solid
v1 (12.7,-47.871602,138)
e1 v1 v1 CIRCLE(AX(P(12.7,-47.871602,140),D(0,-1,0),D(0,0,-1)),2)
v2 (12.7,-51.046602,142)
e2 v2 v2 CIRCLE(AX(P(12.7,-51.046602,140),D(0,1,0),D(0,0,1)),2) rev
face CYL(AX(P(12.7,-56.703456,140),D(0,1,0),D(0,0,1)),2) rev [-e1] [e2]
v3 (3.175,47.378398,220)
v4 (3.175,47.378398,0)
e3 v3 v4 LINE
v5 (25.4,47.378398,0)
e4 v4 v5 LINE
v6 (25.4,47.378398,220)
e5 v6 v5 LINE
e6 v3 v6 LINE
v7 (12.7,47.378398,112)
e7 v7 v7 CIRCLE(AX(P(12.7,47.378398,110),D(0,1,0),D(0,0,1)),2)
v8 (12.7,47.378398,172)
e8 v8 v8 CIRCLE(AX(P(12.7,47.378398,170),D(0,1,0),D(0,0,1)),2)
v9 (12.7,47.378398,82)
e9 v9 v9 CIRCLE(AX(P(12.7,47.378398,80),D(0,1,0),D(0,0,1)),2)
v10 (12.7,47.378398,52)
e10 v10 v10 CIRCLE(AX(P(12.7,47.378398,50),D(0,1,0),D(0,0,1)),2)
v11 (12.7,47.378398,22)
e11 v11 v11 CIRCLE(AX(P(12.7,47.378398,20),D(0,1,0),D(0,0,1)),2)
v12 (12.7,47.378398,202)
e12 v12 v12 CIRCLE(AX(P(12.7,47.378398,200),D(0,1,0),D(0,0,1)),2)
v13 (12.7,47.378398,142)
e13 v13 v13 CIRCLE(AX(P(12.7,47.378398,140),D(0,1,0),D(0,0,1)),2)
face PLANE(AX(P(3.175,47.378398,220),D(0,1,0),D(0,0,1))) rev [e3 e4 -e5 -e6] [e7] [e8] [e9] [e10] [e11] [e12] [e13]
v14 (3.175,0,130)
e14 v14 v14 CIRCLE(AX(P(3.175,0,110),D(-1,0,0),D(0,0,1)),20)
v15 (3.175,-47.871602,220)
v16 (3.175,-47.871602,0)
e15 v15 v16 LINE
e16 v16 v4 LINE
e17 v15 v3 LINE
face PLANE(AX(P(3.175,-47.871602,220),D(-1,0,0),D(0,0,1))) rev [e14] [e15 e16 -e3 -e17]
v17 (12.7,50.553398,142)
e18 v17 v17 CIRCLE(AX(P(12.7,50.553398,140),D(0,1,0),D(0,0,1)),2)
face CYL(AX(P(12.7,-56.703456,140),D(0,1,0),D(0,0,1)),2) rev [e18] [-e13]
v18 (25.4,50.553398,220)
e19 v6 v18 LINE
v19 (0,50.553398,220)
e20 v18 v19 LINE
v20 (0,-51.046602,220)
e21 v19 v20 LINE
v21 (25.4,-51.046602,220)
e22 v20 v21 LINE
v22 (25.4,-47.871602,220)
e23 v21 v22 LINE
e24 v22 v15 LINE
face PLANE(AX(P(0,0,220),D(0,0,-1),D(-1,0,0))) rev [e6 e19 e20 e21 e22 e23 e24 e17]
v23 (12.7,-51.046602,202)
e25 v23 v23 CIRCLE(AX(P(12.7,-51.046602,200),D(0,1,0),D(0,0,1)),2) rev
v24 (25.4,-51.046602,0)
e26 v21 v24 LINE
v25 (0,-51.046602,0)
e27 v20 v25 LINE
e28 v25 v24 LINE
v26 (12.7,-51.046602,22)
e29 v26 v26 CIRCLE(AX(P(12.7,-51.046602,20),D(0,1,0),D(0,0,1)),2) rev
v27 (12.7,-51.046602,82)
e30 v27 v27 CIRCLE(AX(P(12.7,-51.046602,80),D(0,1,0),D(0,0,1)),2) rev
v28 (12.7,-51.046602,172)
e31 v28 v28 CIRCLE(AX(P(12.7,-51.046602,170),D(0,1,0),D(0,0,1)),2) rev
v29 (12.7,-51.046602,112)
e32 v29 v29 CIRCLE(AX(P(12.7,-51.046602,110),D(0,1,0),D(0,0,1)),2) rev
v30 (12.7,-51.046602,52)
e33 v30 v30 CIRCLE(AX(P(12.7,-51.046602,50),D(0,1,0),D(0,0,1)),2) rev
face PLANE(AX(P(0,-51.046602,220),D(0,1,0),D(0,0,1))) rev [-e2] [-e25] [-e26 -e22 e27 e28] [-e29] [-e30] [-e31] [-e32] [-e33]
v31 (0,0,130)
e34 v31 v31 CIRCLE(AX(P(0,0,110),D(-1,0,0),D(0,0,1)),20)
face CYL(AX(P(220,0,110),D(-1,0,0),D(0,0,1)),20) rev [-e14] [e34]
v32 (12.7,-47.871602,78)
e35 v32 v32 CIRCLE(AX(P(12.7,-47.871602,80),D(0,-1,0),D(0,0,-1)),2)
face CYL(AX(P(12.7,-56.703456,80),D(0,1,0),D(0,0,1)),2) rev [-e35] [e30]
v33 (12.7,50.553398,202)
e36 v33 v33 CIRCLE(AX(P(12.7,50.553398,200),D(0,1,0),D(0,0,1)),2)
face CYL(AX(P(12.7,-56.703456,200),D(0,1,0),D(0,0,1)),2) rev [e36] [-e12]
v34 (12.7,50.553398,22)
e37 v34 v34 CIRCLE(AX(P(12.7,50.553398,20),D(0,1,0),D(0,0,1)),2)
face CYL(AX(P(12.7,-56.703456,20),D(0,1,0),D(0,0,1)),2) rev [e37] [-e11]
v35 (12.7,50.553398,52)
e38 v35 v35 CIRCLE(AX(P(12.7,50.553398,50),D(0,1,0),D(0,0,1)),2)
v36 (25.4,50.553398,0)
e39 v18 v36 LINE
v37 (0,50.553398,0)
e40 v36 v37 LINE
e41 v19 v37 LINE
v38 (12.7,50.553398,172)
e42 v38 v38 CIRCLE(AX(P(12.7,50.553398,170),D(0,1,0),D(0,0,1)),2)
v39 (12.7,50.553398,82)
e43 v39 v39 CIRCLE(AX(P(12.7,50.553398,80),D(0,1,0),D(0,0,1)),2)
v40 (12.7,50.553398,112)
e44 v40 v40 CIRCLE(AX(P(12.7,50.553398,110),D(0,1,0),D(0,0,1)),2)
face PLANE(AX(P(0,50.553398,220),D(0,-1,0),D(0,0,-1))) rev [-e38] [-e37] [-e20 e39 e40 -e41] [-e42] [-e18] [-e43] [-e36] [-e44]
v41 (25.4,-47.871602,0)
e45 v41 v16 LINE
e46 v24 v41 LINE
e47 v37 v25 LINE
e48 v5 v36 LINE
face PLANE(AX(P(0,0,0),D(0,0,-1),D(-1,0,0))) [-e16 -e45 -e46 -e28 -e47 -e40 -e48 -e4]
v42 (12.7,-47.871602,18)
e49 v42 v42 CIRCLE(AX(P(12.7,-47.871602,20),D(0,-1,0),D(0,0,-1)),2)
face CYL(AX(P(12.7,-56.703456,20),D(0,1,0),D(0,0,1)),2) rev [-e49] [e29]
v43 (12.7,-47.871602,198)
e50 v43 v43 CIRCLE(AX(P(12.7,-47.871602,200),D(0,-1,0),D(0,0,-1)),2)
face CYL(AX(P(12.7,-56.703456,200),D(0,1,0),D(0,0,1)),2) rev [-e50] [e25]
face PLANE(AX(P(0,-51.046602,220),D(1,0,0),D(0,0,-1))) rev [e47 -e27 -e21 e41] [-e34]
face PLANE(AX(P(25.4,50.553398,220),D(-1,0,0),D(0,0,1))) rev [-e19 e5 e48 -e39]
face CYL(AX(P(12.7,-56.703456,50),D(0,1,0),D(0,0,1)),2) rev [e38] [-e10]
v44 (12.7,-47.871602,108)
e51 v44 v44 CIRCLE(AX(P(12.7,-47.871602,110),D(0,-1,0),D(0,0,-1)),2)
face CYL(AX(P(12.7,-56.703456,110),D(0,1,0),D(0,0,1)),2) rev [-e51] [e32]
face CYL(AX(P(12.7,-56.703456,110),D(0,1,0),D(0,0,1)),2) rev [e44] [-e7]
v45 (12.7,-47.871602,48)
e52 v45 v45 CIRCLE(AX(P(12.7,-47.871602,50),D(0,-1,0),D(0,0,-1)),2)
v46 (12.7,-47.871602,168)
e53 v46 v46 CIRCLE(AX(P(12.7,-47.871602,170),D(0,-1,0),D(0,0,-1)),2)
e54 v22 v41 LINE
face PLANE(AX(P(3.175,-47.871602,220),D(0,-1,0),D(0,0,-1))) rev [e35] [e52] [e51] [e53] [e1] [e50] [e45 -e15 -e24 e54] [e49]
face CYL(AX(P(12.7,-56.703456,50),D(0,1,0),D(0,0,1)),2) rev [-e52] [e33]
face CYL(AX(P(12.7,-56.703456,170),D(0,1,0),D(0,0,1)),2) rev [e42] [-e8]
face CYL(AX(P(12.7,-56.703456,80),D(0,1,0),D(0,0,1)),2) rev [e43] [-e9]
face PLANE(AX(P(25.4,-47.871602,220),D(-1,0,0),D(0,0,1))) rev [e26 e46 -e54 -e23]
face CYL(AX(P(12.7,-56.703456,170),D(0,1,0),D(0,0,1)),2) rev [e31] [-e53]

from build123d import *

# Parameters (mm, degrees)
BOSS_EXTRUDE1_DEPTH = 220
CUT_EXTRUDE1_REACH  = 245.655
SKETCH2_R           = 2
SKETCH3_R           = 20
CUT_EXTRUDE2_DEPTH  = 220


with BuildPart() as part:
    # Sketch1 → Boss-Extrude1 (new body)
    with BuildSketch(Plane.XY):
        Polygon((0, -51.046601942), (0, 50.553398058), (25.4, 50.553398058), (25.4, 47.378398058), (3.175, 47.378398058), (3.175, -47.871601942), (25.4, -47.871601942), (25.4, -51.046601942), align=None)
    extrude(amount=BOSS_EXTRUDE1_DEPTH)

    # Cut-Extrude1: up to this face of the body (flat: up to its plane)
    cut_extrude1_end = Plane(part.part.faces().sort_by_distance((12.7, -51.046601942, 110))[0])
    # Sketch2 → Cut-Extrude1 (cut, up to the picked face)
    with BuildSketch(Plane(origin=(0, 50.553398058, 0), x_dir=(1, 0, 0), z_dir=(0, 1, 0)), mode=Mode.PRIVATE) as cut_extrude1_sk1:
        with Locations(Location((12.7, -110, 0), (0, 0, 270))):
            Circle(SKETCH2_R)
    cut_extrude1_tool1 = split(extrude(cut_extrude1_sk1.sketch, amount=-CUT_EXTRUDE1_REACH, mode=Mode.PRIVATE), bisect_by=cut_extrude1_end, keep=Keep.BOTH, mode=Mode.PRIVATE)
    # Sketch2 → Cut-Extrude1 (cut, up to the picked face)
    with BuildSketch(Plane(origin=(0, 50.553398058, 0), x_dir=(1, 0, 0), z_dir=(0, 1, 0)), mode=Mode.PRIVATE) as cut_extrude1_sk2:
        with Locations(Location((12.7, -80, 0), (0, 0, 270))):
            Circle(SKETCH2_R)
    cut_extrude1_tool2 = split(extrude(cut_extrude1_sk2.sketch, amount=-CUT_EXTRUDE1_REACH, mode=Mode.PRIVATE), bisect_by=cut_extrude1_end, keep=Keep.BOTH, mode=Mode.PRIVATE)
    # Sketch2 → Cut-Extrude1 (cut, up to the picked face)
    with BuildSketch(Plane(origin=(0, 50.553398058, 0), x_dir=(1, 0, 0), z_dir=(0, 1, 0)), mode=Mode.PRIVATE) as cut_extrude1_sk3:
        with Locations(Location((12.7, -50, 0), (0, 0, 270))):
            Circle(SKETCH2_R)
    cut_extrude1_tool3 = split(extrude(cut_extrude1_sk3.sketch, amount=-CUT_EXTRUDE1_REACH, mode=Mode.PRIVATE), bisect_by=cut_extrude1_end, keep=Keep.BOTH, mode=Mode.PRIVATE)
    # Sketch2 → Cut-Extrude1 (cut, up to the picked face)
    with BuildSketch(Plane(origin=(0, 50.553398058, 0), x_dir=(1, 0, 0), z_dir=(0, 1, 0)), mode=Mode.PRIVATE) as cut_extrude1_sk4:
        with Locations(Location((12.7, -20, 0), (0, 0, 270))):
            Circle(SKETCH2_R)
    cut_extrude1_tool4 = split(extrude(cut_extrude1_sk4.sketch, amount=-CUT_EXTRUDE1_REACH, mode=Mode.PRIVATE), bisect_by=cut_extrude1_end, keep=Keep.BOTH, mode=Mode.PRIVATE)
    # Sketch2 → Cut-Extrude1 (cut, up to the picked face)
    with BuildSketch(Plane(origin=(0, 50.553398058, 0), x_dir=(1, 0, 0), z_dir=(0, 1, 0)), mode=Mode.PRIVATE) as cut_extrude1_sk5:
        with Locations(Location((12.7, -140, 0), (0, 0, 270))):
            Circle(SKETCH2_R)
    cut_extrude1_tool5 = split(extrude(cut_extrude1_sk5.sketch, amount=-CUT_EXTRUDE1_REACH, mode=Mode.PRIVATE), bisect_by=cut_extrude1_end, keep=Keep.BOTH, mode=Mode.PRIVATE)
    # Sketch2 → Cut-Extrude1 (cut, up to the picked face)
    with BuildSketch(Plane(origin=(0, 50.553398058, 0), x_dir=(1, 0, 0), z_dir=(0, 1, 0)), mode=Mode.PRIVATE) as cut_extrude1_sk6:
        with Locations(Location((12.7, -170, 0), (0, 0, 270))):
            Circle(SKETCH2_R)
    cut_extrude1_tool6 = split(extrude(cut_extrude1_sk6.sketch, amount=-CUT_EXTRUDE1_REACH, mode=Mode.PRIVATE), bisect_by=cut_extrude1_end, keep=Keep.BOTH, mode=Mode.PRIVATE)
    # Sketch2 → Cut-Extrude1 (cut, up to the picked face)
    with BuildSketch(Plane(origin=(0, 50.553398058, 0), x_dir=(1, 0, 0), z_dir=(0, 1, 0)), mode=Mode.PRIVATE) as cut_extrude1_sk7:
        with Locations(Location((12.7, -200, 0), (0, 0, 270))):
            Circle(SKETCH2_R)
    cut_extrude1_tool7 = split(extrude(cut_extrude1_sk7.sketch, amount=-CUT_EXTRUDE1_REACH, mode=Mode.PRIVATE), bisect_by=cut_extrude1_end, keep=Keep.BOTH, mode=Mode.PRIVATE)
    add(cut_extrude1_tool1.solids().sort_by(Axis((12.7, 50.553398, 110), (0, -1, 0)))[0], mode=Mode.SUBTRACT)
    add(cut_extrude1_tool2.solids().sort_by(Axis((12.7, 50.553398, 80), (0, -1, 0)))[0], mode=Mode.SUBTRACT)
    add(cut_extrude1_tool3.solids().sort_by(Axis((12.7, 50.553398, 50), (0, -1, 0)))[0], mode=Mode.SUBTRACT)
    add(cut_extrude1_tool4.solids().sort_by(Axis((12.7, 50.553398, 20), (0, -1, 0)))[0], mode=Mode.SUBTRACT)
    add(cut_extrude1_tool5.solids().sort_by(Axis((12.7, 50.553398, 140), (0, -1, 0)))[0], mode=Mode.SUBTRACT)
    add(cut_extrude1_tool6.solids().sort_by(Axis((12.7, 50.553398, 170), (0, -1, 0)))[0], mode=Mode.SUBTRACT)
    add(cut_extrude1_tool7.solids().sort_by(Axis((12.7, 50.553398, 200), (0, -1, 0)))[0], mode=Mode.SUBTRACT)

    # Sketch3 → Cut-Extrude2 (cut)
    with BuildSketch(Plane.ZY):
        with Locations((110, 0)):
            Circle(SKETCH3_R)
    extrude(amount=-CUT_EXTRUDE2_DEPTH, mode=Mode.SUBTRACT)


solid = part.part
